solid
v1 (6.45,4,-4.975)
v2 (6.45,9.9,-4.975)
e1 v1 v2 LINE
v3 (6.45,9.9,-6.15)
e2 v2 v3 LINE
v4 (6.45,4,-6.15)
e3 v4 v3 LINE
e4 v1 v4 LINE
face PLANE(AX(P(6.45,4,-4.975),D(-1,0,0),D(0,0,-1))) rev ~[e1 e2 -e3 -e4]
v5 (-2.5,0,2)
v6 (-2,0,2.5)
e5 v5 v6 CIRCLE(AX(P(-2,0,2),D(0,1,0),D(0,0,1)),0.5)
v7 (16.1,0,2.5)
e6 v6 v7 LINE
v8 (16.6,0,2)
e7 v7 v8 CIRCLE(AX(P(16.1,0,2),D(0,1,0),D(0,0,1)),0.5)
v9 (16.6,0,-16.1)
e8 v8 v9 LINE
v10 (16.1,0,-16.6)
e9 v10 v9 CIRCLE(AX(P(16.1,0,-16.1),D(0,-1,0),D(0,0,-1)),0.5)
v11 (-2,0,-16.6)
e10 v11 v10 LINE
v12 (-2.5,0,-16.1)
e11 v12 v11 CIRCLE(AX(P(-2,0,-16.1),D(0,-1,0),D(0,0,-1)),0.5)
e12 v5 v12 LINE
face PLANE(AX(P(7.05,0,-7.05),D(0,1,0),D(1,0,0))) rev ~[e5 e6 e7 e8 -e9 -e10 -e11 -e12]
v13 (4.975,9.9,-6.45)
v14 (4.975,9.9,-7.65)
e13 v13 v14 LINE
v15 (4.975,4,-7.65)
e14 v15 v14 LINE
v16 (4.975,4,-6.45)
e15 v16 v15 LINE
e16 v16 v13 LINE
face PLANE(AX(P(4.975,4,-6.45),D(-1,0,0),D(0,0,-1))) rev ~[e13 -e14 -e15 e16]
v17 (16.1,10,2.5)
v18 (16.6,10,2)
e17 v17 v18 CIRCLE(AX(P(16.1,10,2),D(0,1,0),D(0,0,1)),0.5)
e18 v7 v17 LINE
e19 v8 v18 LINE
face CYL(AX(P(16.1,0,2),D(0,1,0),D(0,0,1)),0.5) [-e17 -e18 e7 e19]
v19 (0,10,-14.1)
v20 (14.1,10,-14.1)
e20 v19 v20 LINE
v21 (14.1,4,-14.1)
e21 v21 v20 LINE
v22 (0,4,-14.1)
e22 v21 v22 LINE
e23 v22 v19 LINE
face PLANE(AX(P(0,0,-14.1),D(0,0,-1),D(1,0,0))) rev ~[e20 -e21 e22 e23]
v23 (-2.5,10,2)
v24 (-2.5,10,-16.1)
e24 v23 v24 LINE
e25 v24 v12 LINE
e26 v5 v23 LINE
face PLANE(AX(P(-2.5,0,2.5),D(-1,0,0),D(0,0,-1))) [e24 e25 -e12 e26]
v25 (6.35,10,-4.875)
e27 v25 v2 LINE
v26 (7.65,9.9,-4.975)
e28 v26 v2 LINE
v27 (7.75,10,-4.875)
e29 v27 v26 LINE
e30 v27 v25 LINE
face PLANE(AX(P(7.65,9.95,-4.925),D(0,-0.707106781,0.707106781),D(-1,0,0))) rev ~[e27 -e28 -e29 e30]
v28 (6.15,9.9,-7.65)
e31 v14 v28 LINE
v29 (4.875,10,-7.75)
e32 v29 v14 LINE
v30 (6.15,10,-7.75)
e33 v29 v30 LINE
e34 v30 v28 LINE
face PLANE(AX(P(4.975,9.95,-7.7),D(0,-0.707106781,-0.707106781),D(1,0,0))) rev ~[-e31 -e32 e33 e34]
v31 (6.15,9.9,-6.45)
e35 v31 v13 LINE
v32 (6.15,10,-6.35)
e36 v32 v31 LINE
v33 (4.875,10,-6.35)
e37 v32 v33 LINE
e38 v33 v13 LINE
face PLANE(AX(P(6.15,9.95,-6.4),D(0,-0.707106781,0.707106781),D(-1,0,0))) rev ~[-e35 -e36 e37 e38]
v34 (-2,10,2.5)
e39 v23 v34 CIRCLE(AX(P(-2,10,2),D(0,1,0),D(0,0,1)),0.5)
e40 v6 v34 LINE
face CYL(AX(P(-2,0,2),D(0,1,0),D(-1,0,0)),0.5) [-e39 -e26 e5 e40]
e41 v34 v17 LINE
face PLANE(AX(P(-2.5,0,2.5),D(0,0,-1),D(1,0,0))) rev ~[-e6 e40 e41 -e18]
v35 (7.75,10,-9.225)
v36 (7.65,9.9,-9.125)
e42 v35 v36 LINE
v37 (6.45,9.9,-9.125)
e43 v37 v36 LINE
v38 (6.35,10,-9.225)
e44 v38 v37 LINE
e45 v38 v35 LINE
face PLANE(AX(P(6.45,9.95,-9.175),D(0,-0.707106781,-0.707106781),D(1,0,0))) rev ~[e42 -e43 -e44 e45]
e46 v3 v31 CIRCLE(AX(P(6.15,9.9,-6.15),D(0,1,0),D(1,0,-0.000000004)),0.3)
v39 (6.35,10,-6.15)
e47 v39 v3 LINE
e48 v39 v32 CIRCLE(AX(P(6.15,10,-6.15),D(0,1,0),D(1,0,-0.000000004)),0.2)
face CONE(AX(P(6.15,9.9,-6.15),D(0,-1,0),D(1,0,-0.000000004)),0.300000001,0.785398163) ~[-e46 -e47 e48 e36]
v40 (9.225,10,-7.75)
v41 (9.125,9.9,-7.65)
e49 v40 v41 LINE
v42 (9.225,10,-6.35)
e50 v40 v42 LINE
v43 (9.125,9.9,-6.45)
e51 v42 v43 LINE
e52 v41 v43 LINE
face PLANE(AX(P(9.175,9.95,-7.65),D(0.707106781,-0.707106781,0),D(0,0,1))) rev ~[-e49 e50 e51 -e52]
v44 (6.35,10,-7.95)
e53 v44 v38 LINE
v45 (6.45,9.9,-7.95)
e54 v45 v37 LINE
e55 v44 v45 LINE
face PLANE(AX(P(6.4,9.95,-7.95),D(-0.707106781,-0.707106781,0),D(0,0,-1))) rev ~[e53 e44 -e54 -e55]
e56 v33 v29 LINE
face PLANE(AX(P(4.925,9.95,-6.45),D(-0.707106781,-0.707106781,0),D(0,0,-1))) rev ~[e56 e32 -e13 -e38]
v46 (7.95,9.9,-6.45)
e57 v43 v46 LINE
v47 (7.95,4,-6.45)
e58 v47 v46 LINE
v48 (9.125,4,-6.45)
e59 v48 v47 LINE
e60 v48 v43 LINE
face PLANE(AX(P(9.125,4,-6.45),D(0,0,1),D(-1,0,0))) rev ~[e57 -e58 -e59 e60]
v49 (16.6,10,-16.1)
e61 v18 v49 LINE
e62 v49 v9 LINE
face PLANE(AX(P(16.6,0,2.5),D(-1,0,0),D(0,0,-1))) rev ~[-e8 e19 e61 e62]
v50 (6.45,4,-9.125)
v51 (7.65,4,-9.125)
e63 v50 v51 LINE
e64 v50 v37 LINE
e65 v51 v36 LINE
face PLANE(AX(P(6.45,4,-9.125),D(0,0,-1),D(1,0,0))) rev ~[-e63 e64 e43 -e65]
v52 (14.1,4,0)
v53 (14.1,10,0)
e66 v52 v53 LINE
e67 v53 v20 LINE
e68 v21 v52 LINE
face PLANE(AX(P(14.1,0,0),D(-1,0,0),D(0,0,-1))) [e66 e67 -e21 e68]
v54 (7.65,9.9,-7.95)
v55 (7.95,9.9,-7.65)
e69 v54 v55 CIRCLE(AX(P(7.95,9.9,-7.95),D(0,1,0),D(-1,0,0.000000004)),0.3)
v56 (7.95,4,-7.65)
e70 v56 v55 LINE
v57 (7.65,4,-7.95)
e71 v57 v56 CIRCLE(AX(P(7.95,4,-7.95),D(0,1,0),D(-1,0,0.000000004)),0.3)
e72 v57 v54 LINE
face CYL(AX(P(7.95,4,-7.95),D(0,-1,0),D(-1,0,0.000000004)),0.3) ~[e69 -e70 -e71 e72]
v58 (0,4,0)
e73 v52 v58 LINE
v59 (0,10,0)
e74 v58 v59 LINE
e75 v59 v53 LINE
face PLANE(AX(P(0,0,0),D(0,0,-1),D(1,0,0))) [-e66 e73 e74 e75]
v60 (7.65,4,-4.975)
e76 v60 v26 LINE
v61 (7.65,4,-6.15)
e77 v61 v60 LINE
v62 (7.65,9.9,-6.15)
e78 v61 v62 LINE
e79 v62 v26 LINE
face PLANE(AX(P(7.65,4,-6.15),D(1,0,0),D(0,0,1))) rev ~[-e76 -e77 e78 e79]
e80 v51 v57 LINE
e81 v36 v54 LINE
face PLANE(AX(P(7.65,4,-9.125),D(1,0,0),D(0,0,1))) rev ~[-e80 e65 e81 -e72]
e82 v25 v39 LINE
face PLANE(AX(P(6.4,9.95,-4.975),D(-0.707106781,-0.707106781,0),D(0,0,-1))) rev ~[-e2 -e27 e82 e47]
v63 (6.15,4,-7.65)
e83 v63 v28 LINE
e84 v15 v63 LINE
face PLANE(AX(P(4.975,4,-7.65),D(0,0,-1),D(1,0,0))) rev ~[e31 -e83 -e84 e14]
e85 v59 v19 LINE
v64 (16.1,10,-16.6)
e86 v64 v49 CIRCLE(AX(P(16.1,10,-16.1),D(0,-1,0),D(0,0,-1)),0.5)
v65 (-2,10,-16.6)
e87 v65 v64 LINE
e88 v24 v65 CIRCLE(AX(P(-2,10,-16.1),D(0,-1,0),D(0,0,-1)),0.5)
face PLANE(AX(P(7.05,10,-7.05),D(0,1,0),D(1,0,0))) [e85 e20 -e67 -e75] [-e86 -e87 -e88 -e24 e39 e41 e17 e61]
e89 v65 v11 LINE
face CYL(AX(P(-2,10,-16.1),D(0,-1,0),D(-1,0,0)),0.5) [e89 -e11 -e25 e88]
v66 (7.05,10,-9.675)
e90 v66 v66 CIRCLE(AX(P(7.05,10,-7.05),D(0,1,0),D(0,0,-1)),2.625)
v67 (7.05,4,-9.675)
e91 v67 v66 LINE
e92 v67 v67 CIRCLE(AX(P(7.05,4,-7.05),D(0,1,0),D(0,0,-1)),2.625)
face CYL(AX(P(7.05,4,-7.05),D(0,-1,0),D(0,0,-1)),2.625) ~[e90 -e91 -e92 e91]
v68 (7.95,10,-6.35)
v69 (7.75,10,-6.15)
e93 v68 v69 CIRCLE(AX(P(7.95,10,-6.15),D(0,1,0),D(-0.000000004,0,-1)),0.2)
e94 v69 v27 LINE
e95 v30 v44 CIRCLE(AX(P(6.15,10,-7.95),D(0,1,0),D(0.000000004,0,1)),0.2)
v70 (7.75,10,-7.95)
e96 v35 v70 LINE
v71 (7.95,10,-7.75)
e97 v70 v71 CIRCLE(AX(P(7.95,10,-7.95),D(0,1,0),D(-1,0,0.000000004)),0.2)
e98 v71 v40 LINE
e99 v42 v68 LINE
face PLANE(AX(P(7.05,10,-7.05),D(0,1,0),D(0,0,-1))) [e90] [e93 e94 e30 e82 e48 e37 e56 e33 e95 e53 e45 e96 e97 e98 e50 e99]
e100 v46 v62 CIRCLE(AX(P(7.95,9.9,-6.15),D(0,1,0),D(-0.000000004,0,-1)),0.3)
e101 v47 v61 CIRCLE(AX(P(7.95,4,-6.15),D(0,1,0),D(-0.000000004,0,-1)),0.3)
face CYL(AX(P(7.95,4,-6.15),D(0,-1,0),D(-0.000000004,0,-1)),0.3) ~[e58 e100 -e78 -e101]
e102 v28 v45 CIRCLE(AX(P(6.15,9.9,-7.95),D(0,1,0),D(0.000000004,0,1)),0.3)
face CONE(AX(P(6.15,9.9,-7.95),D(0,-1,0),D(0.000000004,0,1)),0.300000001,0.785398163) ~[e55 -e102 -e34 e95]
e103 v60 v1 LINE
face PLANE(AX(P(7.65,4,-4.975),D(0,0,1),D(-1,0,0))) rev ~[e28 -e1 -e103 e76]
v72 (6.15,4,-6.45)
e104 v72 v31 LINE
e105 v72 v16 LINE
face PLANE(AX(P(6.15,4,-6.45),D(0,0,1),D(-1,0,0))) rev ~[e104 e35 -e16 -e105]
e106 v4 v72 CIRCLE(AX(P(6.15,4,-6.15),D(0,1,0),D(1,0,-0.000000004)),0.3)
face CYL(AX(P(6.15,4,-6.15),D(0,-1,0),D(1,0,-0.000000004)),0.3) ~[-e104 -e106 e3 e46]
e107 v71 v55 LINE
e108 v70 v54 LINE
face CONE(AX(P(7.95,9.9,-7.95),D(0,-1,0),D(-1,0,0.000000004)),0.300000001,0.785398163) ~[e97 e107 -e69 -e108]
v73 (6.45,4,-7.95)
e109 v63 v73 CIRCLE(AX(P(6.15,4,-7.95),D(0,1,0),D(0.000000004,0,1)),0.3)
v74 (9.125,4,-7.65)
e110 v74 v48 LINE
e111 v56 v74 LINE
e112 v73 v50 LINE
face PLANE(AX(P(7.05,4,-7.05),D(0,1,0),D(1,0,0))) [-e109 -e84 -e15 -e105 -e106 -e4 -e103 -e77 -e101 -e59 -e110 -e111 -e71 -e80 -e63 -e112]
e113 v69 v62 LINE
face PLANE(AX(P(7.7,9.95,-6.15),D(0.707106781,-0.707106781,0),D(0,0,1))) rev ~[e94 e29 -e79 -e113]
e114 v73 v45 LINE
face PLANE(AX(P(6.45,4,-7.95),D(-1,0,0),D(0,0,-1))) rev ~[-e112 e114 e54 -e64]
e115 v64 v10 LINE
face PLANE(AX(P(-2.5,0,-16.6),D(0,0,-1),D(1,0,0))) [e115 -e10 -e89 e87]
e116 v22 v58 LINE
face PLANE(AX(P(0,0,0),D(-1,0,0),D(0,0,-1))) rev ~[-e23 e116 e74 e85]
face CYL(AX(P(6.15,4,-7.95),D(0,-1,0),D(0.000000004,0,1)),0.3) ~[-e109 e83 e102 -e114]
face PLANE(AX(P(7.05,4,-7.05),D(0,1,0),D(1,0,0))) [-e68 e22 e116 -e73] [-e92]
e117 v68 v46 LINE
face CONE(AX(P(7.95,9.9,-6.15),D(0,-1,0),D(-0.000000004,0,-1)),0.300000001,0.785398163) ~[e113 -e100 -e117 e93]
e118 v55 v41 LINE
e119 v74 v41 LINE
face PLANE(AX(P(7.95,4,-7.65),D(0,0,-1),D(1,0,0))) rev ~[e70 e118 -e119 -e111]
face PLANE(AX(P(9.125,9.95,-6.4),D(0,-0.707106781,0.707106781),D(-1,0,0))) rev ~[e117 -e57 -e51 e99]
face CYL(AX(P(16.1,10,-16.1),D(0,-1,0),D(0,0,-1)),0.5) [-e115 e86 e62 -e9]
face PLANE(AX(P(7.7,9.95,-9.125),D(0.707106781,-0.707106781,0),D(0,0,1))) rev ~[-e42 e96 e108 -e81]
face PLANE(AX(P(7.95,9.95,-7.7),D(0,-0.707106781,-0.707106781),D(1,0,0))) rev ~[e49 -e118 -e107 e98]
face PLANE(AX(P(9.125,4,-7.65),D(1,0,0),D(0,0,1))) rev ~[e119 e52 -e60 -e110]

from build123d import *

# Parameters (mm, degrees)
SKETCH1_W           = 19.1
SKETCH1_H           = 19.1
SKETCH1_W_2         = 14.1
SKETCH1_H_2         = 14.1
BOSS_EXTRUDE1_DEPTH = 4
SKETCH1_3_W         = 19.1
SKETCH1_3_H         = 19.1
SKETCH1_3_W_2       = 14.1
SKETCH1_3_H_2       = 14.1
BOSS_EXTRUDE2_DEPTH = 10
SKETCH2_R           = 2.625
BOSS_EXTRUDE3_DEPTH = 6
CHAMFER1_SIZE       = 0.1
FILLET1_R           = 0.5


with BuildPart() as part:
    # Sketch1 → Boss-Extrude1 (new body)
    # profile 1 of 2: a face of its own
    with BuildSketch(Plane(origin=(0, 0, 0), x_dir=(1, 0, 0), z_dir=(0, 1, 0))):
        with Locations((7.05, 7.05)):
            Rectangle(SKETCH1_W, SKETCH1_H)
        with Locations((7.05, 7.05)):
            Rectangle(SKETCH1_W_2, SKETCH1_H_2, mode=Mode.SUBTRACT)
    # profile 2 of 2: a face of its own
    with BuildSketch(Plane(origin=(0, 0, 0), x_dir=(1, 0, 0), z_dir=(0, 1, 0))):
        with Locations((7.05, 7.05)):
            Rectangle(SKETCH1_W_2, SKETCH1_H_2)
    extrude(amount=BOSS_EXTRUDE1_DEPTH)

    # Sketch1<3> → Boss-Extrude2 (add)
    with BuildSketch(Plane(origin=(0, 0, 0), x_dir=(1, 0, 0), z_dir=(0, 1, 0))):
        with Locations((7.05, 7.05)):
            Rectangle(SKETCH1_3_W, SKETCH1_3_H)
        with Locations((7.05, 7.05)):
            Rectangle(SKETCH1_3_W_2, SKETCH1_3_H_2, mode=Mode.SUBTRACT)
    extrude(amount=BOSS_EXTRUDE2_DEPTH)

    # Sketch2 → Boss-Extrude3 (add)
    with BuildSketch(Plane(origin=(0, 4, 0), x_dir=(1, 0, 0), z_dir=(0, 1, 0))):
        with Locations(Location((7.05, 7.05, 0), (0, 0, 90))):
            Circle(SKETCH2_R)
        with BuildLine():
            Line((6.15, 6.45), (4.975, 6.45))
            Line((4.975, 6.45), (4.975, 7.65))
            Line((4.975, 7.65), (6.15, 7.65))
            ThreePointArc((6.15, 7.65), (6.362132034, 7.737867966), (6.45, 7.95))
            Line((6.45, 7.95), (6.45, 9.125))
            Line((6.45, 9.125), (7.65, 9.125))
            Line((7.65, 9.125), (7.65, 7.95))
            ThreePointArc((7.65, 7.95), (7.737867966, 7.737867966), (7.95, 7.65))
            Line((7.95, 7.65), (9.125, 7.65))
            Line((9.125, 7.65), (9.125, 6.45))
            Line((9.125, 6.45), (7.95, 6.45))
            ThreePointArc((7.95, 6.45), (7.737867966, 6.362132034), (7.65, 6.15))
            Line((7.65, 6.15), (7.65, 4.975))
            Line((7.65, 4.975), (6.45, 4.975))
            Line((6.45, 4.975), (6.45, 6.15))
            ThreePointArc((6.45, 6.15), (6.362132034, 6.362132034), (6.15, 6.45))
        make_face(mode=Mode.SUBTRACT)
    extrude(amount=BOSS_EXTRUDE3_DEPTH)

    # Chamfer1
    chamfer1_edges = [part.edges().sort_by_distance(p)[0] for p in [
        (5.5625, 10, -6.45),
        (7.05, 10, -9.125),
        (7.65, 10, -8.5375),
        (9.125, 10, -7.05),
        (8.5375, 10, -6.45),
        (7.65, 10, -5.5625),
        (7.05, 10, -4.975),
        (6.45, 10, -5.5625),
        (6.362132034, 10, -6.362132034),
        (4.975, 10, -7.05),
        (5.5625, 10, -7.65),
        (6.362132034, 10, -7.737867966),
        (6.45, 10, -8.5375),
        (7.737867966, 10, -7.737867966),
        (8.5375, 10, -7.65),
        (7.737867966, 10, -6.362132034),
    ]]
    chamfer(chamfer1_edges, length=CHAMFER1_SIZE)

    # Fillet1
    fillet1_edges = [part.edges().sort_by_distance(p)[0] for p in [
        (-2.5, 5, -16.6),
        (16.6, 5, -16.6),
        (16.6, 5, 2.5),
        (-2.5, 5, 2.5),
    ]]
    fillet(fillet1_edges, radius=FILLET1_R)


solid = part.part
